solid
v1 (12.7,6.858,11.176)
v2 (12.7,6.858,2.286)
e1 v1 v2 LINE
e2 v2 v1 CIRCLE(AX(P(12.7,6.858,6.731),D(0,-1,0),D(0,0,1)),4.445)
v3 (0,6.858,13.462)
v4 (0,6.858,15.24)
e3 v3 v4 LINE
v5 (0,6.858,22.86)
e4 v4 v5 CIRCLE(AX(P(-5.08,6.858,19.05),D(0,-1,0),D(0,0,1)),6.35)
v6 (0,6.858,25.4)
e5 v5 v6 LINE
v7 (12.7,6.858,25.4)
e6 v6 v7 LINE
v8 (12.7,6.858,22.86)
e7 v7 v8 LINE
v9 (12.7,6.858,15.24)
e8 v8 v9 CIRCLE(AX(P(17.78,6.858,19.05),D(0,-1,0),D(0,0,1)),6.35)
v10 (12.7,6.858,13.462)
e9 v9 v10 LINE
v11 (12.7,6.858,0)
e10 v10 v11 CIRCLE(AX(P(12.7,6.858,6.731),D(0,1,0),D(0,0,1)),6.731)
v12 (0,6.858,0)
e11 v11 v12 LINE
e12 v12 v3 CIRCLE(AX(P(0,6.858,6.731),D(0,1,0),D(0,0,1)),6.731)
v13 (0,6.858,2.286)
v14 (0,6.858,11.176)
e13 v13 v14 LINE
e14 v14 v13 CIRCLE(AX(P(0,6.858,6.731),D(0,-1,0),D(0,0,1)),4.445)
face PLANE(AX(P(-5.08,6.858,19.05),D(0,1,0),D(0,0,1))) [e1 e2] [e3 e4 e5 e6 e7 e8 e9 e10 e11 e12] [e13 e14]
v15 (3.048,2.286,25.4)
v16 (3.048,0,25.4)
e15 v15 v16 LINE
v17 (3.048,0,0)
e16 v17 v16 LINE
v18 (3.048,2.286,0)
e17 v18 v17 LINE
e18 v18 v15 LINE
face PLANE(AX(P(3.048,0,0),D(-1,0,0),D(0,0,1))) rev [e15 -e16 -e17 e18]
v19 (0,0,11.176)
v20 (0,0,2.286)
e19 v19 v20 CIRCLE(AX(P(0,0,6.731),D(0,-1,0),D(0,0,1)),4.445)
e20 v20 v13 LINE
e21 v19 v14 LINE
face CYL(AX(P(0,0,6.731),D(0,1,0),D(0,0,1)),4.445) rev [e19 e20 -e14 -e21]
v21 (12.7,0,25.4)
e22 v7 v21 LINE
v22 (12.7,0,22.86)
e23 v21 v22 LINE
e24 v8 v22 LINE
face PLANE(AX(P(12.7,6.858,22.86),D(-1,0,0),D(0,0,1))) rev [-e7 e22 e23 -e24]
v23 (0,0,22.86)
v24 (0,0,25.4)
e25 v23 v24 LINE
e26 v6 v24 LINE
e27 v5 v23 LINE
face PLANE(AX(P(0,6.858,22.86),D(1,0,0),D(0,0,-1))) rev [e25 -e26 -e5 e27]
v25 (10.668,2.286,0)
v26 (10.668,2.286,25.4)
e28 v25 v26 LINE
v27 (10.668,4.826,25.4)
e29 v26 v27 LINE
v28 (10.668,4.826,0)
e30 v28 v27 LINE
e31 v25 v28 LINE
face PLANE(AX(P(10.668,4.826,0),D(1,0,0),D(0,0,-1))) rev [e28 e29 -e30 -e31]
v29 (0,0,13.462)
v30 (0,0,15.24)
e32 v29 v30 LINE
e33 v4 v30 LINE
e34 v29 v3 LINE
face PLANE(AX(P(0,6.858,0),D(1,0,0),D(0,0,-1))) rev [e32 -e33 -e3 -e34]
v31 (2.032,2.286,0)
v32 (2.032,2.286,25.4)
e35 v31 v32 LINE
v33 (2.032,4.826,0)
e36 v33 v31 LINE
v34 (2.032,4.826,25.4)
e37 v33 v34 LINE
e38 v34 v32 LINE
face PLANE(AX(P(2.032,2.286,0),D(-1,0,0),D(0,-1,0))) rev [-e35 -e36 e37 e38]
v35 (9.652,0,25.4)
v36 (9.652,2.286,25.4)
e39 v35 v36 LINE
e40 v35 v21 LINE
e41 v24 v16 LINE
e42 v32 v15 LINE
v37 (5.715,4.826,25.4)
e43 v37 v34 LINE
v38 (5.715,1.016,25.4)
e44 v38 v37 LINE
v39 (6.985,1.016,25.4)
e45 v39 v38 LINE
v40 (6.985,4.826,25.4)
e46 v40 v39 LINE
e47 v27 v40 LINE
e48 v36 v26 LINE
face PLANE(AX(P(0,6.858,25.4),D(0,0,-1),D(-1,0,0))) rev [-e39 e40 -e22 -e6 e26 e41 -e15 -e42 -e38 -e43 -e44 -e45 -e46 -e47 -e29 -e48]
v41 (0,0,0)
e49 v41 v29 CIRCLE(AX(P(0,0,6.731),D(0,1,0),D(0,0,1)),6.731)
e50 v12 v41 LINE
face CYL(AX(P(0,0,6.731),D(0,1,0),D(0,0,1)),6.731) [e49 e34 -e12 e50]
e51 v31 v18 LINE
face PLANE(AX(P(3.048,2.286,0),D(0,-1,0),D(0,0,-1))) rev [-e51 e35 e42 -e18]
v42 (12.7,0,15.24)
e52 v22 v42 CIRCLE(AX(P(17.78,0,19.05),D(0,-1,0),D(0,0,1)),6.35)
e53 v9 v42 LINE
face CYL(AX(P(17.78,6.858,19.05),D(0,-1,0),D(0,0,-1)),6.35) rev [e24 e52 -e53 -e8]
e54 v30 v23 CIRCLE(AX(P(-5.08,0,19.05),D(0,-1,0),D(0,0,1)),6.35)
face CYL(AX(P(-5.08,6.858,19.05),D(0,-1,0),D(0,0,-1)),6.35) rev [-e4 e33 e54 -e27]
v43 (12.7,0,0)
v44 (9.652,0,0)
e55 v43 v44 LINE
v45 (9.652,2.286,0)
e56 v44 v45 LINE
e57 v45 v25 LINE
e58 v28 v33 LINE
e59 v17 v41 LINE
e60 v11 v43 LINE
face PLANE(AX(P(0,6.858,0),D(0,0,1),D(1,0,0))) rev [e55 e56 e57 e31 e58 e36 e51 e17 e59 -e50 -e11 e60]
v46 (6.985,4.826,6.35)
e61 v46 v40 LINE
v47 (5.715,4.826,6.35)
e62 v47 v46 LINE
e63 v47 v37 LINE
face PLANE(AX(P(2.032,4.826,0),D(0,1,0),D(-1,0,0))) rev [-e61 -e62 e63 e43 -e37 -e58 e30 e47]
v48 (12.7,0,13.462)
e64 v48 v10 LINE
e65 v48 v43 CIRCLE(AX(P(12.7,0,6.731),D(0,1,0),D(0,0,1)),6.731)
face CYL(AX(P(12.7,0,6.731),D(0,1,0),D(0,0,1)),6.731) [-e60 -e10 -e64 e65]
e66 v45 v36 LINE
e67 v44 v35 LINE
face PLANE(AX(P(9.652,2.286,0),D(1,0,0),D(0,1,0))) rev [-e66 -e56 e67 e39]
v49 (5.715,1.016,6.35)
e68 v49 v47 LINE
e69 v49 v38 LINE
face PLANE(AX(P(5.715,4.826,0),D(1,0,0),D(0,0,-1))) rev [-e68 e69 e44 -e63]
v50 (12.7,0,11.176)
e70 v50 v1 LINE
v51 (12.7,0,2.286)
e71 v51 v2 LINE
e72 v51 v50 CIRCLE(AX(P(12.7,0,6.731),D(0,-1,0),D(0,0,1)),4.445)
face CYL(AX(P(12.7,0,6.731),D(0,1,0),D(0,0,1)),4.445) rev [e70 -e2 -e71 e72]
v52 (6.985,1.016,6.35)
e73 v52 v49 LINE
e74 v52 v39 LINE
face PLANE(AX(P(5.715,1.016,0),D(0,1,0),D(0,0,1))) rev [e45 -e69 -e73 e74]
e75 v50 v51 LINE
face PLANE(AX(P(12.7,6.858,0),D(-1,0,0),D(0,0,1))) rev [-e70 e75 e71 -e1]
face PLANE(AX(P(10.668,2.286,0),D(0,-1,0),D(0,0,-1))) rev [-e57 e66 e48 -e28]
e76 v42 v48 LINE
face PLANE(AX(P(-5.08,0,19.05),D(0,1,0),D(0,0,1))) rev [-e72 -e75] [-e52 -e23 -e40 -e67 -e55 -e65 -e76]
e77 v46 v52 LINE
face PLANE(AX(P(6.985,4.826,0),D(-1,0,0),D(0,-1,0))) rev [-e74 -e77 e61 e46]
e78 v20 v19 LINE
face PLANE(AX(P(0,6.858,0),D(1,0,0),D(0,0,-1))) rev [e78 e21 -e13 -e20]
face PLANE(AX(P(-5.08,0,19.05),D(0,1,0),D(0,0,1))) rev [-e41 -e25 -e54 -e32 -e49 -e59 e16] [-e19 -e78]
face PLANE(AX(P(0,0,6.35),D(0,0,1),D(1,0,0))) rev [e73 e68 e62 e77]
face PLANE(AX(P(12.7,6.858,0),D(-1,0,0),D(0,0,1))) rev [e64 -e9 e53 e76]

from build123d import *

# Parameters (mm, degrees)
BOSS_EXTRUDE1_DEPTH = 6.858
CUT_EXTRUDE1_DEPTH  = 26.4
BOSS_EXTRUDE2_DEPTH = 6.858
SKETCH6_W           = 1.27
SKETCH6_H           = 3.81
CUT_EXTRUDE2_DEPTH  = 6.35


with BuildPart() as part:
    # Sketch1 → Boss-Extrude1 (new body)
    with BuildSketch(Plane(origin=(0, 0, 0), x_dir=(1, 0, 0), z_dir=(0, 1, 0))):
        with BuildLine():
            Line((0, -22.86), (0, -25.4))
            Line((0, -25.4), (12.7, -25.4))
            Line((12.7, -25.4), (12.7, -22.86))
            ThreePointArc((12.7, -22.86), (11.43, -19.05), (12.7, -15.24))
            Line((12.7, -15.24), (12.7, 0))
            Line((12.7, 0), (0, 0))
            Line((0, 0), (0, -15.24))
            ThreePointArc((0, -15.24), (1.27, -19.05), (0, -22.86))
        make_face()
    extrude(amount=BOSS_EXTRUDE1_DEPTH)

    # Sketch2 → Cut-Extrude1 (cut, through all)
    with BuildSketch(Plane.XY.offset(25.4)):
        Polygon((3.048, 0), (3.048, 2.286), (2.032, 2.286), (2.032, 4.826), (5.715, 4.826), (5.715, 1.016), (6.985, 1.016), (6.985, 4.826), (10.668, 4.826), (10.668, 2.286), (9.652, 2.286), (9.652, 0), align=None)
    extrude(amount=-CUT_EXTRUDE1_DEPTH, mode=Mode.SUBTRACT)

    # Sketch5 → Boss-Extrude2 (add, through all)
    with BuildSketch(Plane(origin=(0, 6.858, 0), x_dir=(1, 0, 0), z_dir=(0, 1, 0))):
        with BuildLine():
            Line((0, 0), (0, -2.286))
            ThreePointArc((0, -2.286), (-4.445, -6.731), (0, -11.176))
            Line((0, -11.176), (0, -13.462))
            ThreePointArc((0, -13.462), (-6.731, -6.731), (0, 0))
        make_face()
        with BuildLine():
            Line((12.7, -13.462), (12.7, -11.176))
            ThreePointArc((12.7, -11.176), (17.145, -6.731), (12.7, -2.286))
            Line((12.7, -2.286), (12.7, 0))
            ThreePointArc((12.7, 0), (19.431, -6.731), (12.7, -13.462))
        make_face()
    extrude(amount=-BOSS_EXTRUDE2_DEPTH)

    # Sketch6 → Cut-Extrude2 (cut)
    with BuildSketch(Plane(origin=(0, 0, 0), x_dir=(-1, 0, 0), z_dir=(0, 0, -1))):
        with Locations((-6.35, 2.921)):
            Rectangle(SKETCH6_W, SKETCH6_H)
    extrude(amount=-CUT_EXTRUDE2_DEPTH, mode=Mode.SUBTRACT)


solid = part.part
